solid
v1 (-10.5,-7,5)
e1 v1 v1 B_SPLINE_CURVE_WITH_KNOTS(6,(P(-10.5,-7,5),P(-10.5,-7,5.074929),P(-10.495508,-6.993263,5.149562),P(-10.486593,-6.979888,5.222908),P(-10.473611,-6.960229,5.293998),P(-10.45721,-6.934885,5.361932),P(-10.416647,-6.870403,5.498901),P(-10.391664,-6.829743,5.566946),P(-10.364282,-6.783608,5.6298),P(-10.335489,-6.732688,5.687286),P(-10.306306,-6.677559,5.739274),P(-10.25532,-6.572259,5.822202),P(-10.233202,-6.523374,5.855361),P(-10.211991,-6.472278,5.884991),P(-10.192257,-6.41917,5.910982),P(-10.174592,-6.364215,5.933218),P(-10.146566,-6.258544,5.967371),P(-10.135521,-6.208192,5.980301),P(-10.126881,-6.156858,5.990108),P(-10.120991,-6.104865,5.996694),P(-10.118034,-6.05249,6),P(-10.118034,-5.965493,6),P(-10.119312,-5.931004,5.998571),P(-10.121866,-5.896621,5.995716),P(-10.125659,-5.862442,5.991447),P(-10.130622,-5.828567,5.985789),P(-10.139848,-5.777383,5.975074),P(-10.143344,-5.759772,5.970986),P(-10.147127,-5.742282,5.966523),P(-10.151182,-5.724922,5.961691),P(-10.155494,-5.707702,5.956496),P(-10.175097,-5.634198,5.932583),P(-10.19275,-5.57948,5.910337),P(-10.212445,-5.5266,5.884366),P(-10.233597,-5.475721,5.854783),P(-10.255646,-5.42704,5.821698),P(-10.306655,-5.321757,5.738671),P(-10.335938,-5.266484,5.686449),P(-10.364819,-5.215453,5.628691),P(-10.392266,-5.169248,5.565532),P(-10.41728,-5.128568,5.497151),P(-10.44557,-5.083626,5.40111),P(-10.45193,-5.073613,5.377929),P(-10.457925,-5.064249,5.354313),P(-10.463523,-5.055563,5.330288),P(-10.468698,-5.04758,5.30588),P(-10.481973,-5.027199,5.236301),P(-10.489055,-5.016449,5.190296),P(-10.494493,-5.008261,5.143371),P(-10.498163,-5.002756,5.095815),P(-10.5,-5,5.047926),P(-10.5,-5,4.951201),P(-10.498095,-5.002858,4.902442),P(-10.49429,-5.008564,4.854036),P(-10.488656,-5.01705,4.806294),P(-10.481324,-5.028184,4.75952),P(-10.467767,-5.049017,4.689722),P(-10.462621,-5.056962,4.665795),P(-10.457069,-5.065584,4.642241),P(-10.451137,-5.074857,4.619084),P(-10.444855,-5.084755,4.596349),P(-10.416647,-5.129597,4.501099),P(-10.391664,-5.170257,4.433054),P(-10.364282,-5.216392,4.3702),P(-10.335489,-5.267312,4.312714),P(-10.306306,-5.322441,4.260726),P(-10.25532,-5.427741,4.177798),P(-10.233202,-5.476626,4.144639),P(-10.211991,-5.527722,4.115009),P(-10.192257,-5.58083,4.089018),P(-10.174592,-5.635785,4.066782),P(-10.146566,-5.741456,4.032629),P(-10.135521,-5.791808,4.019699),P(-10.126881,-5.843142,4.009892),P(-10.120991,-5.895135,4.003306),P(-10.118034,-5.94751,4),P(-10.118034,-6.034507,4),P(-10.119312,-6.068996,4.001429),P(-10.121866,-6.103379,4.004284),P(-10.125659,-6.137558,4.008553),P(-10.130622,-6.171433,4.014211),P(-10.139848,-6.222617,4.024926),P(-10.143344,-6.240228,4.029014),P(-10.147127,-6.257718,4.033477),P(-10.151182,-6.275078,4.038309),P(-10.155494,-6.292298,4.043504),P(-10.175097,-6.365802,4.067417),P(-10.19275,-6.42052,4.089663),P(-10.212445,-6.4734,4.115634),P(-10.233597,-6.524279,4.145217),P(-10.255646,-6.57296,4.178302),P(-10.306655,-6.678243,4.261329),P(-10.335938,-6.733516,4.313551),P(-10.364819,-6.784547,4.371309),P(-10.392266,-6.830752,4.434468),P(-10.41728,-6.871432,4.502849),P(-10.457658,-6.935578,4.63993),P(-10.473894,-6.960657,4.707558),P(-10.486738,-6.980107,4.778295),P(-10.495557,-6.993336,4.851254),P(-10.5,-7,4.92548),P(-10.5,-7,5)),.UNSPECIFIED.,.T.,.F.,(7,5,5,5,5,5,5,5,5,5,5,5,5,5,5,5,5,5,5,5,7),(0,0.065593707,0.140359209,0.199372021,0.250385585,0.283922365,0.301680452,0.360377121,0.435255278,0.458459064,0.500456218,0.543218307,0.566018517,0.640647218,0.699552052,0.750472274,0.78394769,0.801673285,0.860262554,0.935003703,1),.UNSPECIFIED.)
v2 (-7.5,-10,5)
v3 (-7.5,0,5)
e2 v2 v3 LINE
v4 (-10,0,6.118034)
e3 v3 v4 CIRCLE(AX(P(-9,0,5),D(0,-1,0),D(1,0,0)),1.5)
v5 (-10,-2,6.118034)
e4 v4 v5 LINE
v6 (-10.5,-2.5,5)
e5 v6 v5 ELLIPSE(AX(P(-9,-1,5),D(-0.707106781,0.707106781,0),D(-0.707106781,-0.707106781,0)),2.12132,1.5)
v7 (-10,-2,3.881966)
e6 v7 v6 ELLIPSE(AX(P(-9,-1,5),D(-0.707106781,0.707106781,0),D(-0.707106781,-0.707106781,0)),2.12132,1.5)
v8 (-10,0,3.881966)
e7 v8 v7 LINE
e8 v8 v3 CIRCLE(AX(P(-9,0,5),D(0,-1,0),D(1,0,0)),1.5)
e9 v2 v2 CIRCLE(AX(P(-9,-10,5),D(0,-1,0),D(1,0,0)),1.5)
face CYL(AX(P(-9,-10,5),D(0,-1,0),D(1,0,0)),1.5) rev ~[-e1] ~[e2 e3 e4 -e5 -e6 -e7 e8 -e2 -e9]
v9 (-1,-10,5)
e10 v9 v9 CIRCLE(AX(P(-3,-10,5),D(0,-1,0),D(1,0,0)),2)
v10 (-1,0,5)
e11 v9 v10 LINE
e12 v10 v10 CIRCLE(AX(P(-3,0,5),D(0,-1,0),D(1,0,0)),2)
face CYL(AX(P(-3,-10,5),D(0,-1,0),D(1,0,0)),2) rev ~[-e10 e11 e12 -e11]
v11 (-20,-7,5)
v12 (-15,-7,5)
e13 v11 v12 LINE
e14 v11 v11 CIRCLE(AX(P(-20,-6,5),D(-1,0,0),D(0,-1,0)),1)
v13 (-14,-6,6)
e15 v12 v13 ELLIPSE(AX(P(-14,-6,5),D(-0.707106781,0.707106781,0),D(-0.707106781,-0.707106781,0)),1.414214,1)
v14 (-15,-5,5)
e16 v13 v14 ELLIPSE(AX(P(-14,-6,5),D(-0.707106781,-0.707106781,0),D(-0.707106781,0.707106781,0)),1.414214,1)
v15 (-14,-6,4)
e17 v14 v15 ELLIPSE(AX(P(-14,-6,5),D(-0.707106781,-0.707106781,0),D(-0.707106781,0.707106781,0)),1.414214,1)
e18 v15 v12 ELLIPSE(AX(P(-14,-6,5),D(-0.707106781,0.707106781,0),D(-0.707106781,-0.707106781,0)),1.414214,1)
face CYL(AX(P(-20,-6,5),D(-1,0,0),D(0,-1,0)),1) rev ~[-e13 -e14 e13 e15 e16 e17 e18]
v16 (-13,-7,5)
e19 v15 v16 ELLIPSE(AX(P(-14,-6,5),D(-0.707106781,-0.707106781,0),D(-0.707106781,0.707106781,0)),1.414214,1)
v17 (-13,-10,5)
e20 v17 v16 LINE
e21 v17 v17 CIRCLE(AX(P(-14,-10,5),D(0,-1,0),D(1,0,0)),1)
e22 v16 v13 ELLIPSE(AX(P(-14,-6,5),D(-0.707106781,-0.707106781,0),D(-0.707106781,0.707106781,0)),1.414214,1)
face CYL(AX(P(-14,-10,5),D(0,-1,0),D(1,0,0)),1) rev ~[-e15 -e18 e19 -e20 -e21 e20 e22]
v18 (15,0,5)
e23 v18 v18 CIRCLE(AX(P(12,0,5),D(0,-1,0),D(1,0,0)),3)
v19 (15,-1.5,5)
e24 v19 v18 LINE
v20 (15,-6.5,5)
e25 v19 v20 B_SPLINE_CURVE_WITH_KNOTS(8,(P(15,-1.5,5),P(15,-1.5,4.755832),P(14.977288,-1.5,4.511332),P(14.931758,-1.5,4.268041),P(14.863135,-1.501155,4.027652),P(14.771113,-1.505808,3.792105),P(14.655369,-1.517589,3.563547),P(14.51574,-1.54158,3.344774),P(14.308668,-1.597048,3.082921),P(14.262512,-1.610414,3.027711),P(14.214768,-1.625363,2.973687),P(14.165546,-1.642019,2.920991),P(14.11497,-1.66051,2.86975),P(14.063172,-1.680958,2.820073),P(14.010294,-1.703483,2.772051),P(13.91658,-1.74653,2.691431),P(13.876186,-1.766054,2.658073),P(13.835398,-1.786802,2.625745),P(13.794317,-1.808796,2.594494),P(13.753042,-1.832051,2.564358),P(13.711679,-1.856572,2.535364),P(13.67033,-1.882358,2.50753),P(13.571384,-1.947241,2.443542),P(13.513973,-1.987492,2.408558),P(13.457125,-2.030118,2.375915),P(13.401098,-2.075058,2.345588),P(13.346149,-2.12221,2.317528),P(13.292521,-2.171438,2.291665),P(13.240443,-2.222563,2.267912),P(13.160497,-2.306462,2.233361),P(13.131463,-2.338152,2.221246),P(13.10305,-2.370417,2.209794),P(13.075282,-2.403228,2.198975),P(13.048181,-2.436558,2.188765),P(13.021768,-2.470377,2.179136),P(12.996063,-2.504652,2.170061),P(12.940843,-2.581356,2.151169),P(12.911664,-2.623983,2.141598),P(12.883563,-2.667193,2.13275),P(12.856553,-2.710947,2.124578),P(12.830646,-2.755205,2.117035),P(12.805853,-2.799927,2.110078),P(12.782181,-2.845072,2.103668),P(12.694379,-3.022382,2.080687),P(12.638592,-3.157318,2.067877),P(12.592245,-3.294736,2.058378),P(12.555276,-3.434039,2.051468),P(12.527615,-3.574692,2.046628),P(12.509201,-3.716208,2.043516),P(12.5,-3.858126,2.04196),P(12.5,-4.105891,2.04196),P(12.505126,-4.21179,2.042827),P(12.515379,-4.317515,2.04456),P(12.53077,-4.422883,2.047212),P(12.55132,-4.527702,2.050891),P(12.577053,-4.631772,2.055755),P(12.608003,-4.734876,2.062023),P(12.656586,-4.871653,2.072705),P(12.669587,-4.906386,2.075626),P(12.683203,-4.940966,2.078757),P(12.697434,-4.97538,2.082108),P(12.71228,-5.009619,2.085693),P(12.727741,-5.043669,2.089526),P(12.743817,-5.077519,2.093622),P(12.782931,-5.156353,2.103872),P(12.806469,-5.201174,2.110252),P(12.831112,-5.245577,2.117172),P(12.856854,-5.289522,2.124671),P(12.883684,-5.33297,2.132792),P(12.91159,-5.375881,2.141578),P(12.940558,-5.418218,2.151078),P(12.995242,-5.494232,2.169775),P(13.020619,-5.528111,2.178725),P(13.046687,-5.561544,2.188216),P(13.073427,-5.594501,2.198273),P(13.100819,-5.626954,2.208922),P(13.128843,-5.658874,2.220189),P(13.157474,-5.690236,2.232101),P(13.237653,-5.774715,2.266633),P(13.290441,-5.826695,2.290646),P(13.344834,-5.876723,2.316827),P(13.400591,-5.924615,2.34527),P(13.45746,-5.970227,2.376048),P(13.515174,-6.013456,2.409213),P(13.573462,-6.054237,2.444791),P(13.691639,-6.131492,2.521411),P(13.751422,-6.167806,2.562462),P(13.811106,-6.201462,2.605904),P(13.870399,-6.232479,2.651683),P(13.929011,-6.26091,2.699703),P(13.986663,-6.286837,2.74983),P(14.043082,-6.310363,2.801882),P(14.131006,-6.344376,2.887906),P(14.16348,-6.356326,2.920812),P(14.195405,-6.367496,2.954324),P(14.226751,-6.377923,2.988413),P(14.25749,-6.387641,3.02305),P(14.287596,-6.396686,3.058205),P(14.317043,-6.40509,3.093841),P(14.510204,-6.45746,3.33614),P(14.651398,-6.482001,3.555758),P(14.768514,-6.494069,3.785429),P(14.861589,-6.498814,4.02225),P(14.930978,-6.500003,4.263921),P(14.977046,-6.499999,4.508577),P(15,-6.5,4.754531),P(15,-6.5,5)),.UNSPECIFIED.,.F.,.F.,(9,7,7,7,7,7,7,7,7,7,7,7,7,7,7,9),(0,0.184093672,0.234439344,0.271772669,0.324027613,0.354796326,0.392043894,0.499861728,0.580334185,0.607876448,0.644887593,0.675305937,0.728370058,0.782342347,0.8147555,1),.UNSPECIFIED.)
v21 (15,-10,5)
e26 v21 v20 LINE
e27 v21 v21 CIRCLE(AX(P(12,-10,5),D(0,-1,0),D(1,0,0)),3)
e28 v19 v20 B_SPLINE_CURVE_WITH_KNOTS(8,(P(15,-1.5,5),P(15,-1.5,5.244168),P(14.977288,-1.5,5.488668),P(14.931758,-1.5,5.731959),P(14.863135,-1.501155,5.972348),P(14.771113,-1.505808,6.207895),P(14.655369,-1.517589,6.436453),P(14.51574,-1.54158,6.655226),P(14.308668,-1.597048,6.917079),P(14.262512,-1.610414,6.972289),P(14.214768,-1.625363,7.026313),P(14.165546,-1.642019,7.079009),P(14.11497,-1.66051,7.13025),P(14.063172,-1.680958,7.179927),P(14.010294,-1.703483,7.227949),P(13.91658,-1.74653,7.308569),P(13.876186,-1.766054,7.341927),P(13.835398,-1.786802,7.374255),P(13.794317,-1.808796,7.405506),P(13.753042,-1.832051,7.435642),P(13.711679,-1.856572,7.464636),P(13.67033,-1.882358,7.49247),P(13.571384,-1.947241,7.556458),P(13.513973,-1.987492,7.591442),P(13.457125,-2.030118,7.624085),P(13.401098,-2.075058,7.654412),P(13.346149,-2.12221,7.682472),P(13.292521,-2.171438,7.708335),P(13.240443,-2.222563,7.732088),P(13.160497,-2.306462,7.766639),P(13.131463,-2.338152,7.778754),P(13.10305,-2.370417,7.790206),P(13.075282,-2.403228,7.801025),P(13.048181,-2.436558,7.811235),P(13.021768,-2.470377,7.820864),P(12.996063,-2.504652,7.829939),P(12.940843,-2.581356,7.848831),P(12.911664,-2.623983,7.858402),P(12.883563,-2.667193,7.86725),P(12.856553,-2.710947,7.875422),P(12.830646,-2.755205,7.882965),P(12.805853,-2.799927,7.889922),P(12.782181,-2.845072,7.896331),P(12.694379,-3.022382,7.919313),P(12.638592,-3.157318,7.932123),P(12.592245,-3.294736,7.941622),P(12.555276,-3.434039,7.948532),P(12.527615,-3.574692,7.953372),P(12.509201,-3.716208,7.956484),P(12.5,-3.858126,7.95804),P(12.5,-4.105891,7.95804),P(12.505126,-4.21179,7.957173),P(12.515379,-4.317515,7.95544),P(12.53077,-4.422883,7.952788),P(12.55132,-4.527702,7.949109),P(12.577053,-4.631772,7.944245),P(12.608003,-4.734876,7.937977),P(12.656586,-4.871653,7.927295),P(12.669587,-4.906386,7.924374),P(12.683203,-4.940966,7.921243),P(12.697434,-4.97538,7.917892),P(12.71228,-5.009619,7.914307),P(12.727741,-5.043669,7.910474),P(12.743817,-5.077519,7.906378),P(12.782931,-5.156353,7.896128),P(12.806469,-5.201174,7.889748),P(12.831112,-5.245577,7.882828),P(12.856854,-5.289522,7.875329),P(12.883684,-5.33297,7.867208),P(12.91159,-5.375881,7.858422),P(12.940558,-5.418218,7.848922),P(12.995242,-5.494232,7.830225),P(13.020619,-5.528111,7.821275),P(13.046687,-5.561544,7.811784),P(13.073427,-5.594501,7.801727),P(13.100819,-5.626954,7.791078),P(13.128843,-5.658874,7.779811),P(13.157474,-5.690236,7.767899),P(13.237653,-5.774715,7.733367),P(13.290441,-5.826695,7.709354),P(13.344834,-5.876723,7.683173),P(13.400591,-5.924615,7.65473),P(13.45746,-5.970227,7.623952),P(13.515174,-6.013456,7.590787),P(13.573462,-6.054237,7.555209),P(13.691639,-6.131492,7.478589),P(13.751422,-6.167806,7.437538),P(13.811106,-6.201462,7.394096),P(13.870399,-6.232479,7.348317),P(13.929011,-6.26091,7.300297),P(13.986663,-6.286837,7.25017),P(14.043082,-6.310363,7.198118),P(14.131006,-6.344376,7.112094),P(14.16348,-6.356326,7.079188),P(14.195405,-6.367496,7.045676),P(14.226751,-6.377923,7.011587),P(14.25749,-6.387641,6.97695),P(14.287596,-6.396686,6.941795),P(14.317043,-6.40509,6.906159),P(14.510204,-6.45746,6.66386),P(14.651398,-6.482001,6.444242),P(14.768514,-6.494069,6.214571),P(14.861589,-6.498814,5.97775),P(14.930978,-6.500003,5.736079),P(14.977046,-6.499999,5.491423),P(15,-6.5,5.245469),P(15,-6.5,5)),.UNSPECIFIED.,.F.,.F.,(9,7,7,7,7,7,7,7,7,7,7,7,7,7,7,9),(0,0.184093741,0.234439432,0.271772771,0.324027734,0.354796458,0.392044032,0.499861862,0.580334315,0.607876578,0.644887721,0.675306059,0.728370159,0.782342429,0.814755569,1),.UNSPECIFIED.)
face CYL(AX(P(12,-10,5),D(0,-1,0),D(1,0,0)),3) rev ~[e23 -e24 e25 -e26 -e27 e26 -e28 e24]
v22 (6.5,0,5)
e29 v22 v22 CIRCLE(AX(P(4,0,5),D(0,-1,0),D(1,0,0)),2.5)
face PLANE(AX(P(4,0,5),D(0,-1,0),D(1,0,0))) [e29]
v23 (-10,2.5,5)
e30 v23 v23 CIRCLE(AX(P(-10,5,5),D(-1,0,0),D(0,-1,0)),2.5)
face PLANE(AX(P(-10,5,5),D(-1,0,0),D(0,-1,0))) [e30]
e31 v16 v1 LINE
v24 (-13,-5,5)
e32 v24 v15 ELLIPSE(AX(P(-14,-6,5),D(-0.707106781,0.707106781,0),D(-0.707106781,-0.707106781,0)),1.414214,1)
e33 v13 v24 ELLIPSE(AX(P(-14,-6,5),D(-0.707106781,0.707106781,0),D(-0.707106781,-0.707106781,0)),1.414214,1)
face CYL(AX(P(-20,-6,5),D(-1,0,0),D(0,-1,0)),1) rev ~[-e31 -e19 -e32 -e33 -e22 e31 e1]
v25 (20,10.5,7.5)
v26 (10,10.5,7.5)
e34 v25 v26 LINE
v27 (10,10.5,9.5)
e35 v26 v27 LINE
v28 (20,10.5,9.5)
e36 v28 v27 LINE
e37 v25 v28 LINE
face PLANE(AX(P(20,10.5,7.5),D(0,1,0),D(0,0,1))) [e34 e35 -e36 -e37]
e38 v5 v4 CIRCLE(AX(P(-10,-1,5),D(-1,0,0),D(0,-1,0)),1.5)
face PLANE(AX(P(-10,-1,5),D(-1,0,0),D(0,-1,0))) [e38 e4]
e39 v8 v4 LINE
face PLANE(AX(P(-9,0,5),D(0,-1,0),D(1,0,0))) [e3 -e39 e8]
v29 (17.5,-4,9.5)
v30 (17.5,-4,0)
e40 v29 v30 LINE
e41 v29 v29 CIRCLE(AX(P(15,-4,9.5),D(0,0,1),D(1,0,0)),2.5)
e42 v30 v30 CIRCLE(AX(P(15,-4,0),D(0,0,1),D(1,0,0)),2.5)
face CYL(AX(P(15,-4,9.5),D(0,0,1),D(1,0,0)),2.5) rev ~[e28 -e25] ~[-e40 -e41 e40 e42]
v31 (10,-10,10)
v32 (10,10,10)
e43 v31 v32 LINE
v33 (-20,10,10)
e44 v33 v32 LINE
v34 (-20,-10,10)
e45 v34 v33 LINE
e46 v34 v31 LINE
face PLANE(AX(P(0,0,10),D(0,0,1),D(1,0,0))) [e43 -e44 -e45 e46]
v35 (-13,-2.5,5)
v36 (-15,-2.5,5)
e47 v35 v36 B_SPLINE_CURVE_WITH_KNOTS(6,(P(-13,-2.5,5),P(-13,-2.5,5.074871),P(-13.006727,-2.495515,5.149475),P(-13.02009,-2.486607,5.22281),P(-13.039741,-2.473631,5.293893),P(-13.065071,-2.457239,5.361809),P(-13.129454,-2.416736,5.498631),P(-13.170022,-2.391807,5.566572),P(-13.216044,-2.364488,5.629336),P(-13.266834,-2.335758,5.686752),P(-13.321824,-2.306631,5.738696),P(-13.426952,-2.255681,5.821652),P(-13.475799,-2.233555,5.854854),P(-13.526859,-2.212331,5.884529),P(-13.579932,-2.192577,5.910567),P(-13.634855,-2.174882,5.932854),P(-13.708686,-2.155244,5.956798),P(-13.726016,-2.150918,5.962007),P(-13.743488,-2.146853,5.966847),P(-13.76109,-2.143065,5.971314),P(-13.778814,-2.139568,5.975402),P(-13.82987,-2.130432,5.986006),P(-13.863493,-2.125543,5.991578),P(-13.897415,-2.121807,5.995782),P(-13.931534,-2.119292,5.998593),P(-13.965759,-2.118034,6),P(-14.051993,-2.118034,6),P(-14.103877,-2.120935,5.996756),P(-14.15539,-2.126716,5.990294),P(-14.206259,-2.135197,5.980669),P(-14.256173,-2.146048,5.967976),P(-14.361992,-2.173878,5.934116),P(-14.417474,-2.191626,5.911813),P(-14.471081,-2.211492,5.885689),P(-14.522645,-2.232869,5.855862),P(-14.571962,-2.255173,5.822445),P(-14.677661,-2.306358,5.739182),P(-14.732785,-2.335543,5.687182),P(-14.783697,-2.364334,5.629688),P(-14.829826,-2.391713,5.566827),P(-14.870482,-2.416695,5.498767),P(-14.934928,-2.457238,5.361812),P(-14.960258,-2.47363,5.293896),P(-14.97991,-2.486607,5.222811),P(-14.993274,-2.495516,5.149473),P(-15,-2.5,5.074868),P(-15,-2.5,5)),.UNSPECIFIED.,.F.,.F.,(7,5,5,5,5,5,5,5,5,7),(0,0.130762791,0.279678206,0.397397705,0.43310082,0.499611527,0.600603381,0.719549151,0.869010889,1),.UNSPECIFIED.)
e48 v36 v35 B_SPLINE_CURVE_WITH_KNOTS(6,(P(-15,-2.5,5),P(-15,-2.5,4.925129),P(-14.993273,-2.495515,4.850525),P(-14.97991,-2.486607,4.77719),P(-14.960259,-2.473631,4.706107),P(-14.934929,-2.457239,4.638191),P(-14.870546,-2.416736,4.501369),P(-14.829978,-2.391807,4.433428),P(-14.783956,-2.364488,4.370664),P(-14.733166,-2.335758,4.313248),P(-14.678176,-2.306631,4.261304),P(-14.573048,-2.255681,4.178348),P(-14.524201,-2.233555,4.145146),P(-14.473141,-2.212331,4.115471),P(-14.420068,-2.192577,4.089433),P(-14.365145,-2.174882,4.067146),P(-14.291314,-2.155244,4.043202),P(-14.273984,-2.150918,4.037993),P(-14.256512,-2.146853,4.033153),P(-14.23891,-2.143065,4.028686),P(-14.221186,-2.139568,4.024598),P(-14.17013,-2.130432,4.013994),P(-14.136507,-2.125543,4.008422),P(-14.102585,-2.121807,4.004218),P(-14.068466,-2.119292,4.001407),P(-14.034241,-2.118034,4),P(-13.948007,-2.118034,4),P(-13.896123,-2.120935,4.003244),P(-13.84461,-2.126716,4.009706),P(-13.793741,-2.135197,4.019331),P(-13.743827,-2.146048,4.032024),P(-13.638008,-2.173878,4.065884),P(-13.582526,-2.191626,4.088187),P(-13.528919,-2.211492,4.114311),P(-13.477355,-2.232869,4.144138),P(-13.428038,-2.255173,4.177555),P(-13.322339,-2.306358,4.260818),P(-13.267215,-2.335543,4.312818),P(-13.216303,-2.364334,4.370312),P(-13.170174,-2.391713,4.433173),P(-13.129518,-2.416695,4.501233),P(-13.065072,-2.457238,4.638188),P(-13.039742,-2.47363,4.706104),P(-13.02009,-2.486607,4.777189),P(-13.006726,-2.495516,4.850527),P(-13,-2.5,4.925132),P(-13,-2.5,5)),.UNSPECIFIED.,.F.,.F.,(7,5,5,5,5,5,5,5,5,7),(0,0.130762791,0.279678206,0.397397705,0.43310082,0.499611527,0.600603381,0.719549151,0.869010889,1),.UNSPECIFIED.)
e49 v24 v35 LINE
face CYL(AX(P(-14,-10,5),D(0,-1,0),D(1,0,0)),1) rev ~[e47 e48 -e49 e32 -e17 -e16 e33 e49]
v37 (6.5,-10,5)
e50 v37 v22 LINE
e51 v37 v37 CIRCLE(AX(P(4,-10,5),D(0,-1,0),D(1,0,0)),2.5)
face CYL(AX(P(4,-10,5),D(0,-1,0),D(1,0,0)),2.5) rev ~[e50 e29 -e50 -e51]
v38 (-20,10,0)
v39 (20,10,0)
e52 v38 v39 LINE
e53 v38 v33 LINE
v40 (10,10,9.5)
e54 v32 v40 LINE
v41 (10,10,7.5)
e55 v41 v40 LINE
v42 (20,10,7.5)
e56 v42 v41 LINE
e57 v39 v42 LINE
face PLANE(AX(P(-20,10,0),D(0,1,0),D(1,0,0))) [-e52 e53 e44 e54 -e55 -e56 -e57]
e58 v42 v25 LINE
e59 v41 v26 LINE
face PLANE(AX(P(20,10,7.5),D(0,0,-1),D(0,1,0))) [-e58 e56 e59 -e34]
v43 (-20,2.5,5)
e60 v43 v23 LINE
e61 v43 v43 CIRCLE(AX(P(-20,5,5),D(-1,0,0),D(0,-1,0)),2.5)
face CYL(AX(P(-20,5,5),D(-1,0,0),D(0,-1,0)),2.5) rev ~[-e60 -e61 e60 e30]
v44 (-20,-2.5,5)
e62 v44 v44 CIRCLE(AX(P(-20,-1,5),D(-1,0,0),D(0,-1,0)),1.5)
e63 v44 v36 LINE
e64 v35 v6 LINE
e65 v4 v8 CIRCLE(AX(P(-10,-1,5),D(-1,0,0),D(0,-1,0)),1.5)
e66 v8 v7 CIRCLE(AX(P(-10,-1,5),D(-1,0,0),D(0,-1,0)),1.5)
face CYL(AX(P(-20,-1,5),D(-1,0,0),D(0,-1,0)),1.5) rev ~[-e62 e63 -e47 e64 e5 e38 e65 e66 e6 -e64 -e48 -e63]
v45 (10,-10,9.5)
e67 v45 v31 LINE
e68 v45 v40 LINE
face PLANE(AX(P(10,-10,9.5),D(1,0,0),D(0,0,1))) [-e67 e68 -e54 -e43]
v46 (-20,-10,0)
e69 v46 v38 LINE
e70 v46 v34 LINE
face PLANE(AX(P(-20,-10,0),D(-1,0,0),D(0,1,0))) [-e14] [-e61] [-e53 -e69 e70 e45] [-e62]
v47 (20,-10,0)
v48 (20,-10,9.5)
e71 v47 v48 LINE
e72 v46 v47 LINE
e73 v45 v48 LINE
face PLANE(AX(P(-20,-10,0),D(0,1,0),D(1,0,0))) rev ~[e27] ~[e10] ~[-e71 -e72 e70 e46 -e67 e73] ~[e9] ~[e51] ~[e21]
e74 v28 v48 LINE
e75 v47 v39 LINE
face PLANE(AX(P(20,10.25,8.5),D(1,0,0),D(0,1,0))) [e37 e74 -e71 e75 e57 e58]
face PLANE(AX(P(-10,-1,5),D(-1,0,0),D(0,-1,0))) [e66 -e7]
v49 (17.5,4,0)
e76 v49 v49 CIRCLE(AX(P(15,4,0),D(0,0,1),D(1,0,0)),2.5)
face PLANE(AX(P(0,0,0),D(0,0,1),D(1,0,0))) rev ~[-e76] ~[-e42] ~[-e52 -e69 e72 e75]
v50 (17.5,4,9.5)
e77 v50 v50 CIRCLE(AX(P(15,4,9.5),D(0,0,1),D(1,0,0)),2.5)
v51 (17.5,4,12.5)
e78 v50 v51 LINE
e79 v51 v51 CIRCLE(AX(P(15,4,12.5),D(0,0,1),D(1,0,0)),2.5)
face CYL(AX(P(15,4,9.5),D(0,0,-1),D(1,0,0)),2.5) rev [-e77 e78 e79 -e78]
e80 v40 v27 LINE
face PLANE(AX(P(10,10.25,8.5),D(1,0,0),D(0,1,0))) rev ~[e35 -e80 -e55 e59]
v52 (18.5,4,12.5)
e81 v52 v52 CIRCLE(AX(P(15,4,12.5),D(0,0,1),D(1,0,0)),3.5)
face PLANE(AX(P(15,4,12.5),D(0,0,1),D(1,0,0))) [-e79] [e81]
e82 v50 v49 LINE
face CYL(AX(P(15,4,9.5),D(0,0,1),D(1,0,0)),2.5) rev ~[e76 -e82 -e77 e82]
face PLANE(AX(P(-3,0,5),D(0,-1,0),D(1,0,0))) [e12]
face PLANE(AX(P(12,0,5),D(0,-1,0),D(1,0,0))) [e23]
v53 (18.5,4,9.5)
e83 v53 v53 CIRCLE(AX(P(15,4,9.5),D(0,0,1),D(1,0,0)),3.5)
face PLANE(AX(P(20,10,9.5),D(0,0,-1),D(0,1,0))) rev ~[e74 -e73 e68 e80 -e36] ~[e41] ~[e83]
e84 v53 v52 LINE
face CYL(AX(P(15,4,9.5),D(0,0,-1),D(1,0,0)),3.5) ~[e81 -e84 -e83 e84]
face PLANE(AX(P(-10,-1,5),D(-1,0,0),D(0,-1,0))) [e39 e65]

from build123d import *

# Parameters (mm, degrees)
F0_W      = 40
F0_H      = 20
F1_DEPTH  = 10
F2_R      = 1
F2_R_2    = 2.5
F2_R_3    = 1.5
F3_DEPTH  = 10
F4_R      = 1.5
F4_R_2    = 2
F4_R_3    = 2.5
F4_R_4    = 3
F4_R_5    = 1
F5_DEPTH  = 10
F6_W      = 10
F6_H      = 0.5
F7_DEPTH  = 20.001
F8_R      = 2.5
F9_DEPTH  = 9.501
F10_R     = 3.5
F10_R_2   = 2.5
F11_DEPTH = 3
F12_W     = 0.5
F12_H     = 2
F13_DEPTH = 10


with BuildPart() as f1:
    # F0 (on Top) → F1 (new body)
    with BuildSketch(Plane.XY):
        Rectangle(F0_W, F0_H)
    extrude(amount=F1_DEPTH)

    # F2 (on face) → F3 (cut)
    with BuildSketch(Plane(origin=(-20, 0, 0), x_dir=(0, -1, 0), z_dir=(-1, 0, 0))):
        with Locations((6, 5)):
            Circle(F2_R)
        with Locations((-5, 5)):
            Circle(F2_R_2)
        with Locations((1, 5)):
            Circle(F2_R_3)
    extrude(amount=-F3_DEPTH, mode=Mode.SUBTRACT)

    # F4 (on face) → F5 (cut)
    with BuildSketch(Plane.XZ.offset(10)):
        with Locations((-9, 5)):
            Circle(F4_R)
        with Locations((-3, 5)):
            Circle(F4_R_2)
        with Locations((4, 5)):
            Circle(F4_R_3)
        with Locations((12, 5)):
            Circle(F4_R_4)
        with Locations((-14, 5)):
            Circle(F4_R_5)
    extrude(amount=-F5_DEPTH, mode=Mode.SUBTRACT)

    # F6 (on face) → F7 (cut, through all)
    with BuildSketch(Plane.XZ.offset(10)):
        with Locations((15, 9.75)):
            Rectangle(F6_W, F6_H)
    extrude(amount=-F7_DEPTH, mode=Mode.SUBTRACT)

    # F8 (on face) → F9 (cut, through all)
    with BuildSketch(Plane.XY.offset(9.5)):
        with Locations((15, 4)):
            Circle(F8_R)
        with Locations((15, -4)):
            Circle(F8_R)
    extrude(amount=-F9_DEPTH, mode=Mode.SUBTRACT)

    # F10 (on face) → F11 (join)
    with BuildSketch(Plane.XY.offset(9.5)):
        with Locations((15, 4)):
            Circle(F10_R)
        with Locations((15, 4)):
            Circle(F10_R_2, mode=Mode.SUBTRACT)
    extrude(amount=F11_DEPTH)

    # F12 (on face) → F13 (join)
    with BuildSketch(Plane.YZ.offset(20)):
        with Locations((10.25, 8.5)):
            Rectangle(F12_W, F12_H)
    extrude(amount=-F13_DEPTH)


solid = f1.part
